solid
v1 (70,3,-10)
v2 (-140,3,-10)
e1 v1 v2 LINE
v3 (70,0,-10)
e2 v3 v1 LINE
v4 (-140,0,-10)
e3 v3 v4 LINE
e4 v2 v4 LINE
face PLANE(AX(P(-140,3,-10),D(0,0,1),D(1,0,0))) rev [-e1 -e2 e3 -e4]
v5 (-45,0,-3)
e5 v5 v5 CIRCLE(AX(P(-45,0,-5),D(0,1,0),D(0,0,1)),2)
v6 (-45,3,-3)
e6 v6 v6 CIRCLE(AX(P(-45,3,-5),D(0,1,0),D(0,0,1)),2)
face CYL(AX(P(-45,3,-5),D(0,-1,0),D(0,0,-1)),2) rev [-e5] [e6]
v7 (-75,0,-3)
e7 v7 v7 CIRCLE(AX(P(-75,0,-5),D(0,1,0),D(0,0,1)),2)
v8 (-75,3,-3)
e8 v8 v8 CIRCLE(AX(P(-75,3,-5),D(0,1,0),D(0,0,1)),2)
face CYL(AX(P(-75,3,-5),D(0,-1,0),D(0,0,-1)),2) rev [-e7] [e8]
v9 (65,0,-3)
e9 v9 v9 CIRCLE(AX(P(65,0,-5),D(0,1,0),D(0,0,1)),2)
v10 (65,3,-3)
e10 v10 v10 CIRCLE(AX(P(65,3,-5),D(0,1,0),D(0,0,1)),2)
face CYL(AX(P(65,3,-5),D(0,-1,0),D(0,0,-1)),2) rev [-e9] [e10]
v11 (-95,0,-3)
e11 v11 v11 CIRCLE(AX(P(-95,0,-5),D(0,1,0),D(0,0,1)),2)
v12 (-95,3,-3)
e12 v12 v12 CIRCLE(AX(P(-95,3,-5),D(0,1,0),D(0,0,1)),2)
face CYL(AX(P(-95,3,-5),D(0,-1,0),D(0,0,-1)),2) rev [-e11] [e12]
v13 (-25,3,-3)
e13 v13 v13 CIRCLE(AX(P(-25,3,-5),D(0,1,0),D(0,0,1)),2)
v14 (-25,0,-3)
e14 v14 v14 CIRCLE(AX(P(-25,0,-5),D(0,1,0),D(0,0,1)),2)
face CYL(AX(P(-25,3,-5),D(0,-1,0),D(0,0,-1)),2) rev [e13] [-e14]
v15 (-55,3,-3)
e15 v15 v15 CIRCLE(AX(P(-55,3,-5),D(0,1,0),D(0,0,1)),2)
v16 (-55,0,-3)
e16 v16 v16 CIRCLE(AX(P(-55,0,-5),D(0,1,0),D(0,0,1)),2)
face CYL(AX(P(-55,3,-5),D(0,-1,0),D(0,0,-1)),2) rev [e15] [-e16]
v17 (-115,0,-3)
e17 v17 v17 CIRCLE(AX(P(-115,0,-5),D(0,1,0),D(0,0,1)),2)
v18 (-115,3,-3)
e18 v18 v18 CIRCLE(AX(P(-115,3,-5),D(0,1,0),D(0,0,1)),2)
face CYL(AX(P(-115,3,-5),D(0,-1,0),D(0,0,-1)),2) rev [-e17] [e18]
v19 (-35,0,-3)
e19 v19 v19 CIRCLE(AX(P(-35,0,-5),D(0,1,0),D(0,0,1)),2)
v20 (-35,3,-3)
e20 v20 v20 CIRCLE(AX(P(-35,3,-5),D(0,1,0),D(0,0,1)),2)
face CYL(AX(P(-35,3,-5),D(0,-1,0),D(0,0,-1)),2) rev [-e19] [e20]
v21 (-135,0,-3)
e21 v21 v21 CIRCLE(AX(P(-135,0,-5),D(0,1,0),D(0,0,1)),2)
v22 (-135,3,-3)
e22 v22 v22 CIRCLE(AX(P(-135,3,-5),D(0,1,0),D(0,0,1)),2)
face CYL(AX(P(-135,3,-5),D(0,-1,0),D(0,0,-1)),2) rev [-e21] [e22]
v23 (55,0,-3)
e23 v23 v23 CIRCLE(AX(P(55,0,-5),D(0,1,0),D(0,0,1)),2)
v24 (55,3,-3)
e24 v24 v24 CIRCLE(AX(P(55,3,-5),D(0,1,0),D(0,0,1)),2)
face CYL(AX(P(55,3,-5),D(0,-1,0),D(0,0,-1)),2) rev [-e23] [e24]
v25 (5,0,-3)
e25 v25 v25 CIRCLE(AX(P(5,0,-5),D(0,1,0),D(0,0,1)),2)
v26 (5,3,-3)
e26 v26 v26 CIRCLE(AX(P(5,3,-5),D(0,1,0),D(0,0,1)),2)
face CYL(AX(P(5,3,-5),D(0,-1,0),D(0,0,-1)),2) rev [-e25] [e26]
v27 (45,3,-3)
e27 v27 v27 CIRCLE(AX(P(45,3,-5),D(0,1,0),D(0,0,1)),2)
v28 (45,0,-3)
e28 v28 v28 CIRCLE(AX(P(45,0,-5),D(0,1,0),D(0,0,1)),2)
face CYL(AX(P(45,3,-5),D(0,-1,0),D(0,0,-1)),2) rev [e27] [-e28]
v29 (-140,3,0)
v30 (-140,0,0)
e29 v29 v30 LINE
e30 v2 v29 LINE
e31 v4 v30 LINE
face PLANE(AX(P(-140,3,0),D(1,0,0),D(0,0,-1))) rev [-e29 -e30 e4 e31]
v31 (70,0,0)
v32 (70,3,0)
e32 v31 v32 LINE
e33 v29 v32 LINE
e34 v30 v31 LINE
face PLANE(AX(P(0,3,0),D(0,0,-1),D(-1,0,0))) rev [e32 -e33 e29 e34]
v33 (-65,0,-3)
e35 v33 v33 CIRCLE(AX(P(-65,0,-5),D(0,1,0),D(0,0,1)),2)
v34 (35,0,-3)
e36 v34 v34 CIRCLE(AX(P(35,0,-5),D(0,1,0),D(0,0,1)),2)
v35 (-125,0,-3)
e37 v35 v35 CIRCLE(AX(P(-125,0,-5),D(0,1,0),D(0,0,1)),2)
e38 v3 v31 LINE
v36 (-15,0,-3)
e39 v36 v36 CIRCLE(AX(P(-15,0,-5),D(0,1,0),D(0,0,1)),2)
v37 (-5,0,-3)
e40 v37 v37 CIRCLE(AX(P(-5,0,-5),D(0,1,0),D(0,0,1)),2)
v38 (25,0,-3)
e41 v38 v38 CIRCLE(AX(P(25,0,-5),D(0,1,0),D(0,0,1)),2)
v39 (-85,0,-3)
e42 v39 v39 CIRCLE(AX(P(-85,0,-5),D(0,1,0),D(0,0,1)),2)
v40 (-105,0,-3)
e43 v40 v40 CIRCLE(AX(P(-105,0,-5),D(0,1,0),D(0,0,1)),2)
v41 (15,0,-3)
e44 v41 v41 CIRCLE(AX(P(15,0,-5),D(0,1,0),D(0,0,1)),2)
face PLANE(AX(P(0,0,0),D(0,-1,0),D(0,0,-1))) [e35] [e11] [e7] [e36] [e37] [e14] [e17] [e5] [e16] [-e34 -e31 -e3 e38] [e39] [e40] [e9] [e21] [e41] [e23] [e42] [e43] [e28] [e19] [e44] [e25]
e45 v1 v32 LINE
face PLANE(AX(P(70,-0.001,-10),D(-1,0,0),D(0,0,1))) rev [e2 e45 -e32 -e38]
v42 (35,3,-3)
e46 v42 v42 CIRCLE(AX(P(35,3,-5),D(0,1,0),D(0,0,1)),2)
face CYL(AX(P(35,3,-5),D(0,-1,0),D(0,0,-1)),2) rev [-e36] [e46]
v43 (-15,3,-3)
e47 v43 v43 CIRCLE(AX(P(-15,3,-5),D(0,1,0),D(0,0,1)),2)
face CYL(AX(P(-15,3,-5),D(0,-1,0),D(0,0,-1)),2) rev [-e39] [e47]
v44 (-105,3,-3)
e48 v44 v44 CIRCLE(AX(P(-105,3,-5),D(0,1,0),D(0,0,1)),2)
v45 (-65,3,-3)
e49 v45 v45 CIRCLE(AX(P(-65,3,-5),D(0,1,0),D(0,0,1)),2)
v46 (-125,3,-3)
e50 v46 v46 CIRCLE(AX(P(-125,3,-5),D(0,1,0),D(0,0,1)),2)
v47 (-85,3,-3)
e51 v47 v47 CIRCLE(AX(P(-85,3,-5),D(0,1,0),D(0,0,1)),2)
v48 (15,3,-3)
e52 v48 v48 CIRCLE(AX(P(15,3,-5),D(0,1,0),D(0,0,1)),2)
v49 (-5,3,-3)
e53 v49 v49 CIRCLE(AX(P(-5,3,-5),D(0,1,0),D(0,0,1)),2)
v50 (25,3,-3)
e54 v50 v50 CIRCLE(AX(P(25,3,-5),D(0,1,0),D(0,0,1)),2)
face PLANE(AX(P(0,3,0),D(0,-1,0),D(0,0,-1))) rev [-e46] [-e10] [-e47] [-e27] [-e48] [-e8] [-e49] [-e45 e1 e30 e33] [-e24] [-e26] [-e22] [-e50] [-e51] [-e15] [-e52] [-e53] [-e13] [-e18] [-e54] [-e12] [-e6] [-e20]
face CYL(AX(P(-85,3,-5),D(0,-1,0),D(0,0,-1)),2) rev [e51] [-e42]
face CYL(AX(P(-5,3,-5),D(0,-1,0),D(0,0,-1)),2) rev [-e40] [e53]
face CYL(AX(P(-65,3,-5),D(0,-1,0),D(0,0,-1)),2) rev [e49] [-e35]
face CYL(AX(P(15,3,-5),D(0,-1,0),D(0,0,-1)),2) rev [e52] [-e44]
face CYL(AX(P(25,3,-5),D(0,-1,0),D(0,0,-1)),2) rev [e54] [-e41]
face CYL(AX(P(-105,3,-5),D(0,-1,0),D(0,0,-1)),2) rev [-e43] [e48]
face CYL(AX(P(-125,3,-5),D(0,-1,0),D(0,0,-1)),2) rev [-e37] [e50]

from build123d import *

# Parameters (mm, degrees)
ESQUISSE1_R             = 2
BOSS_EXTRU_1_DEPTH      = 3
ENL_V_MAT_EXTRU_1_REACH = 142.389
ESQUISSE2_W             = 70
ESQUISSE2_H             = 10


with BuildPart() as part:
    # Esquisse1 → Boss.-Extru.1 (new body)
    with BuildSketch(Plane(origin=(0, 0, 0), x_dir=(1, 0, 0), z_dir=(0, 1, 0))):
        Polygon((0, 0), (140, 0), (140, 10), (-140, 10), (-140, 0), align=None)
        with Locations(Location((-135, 5, 0), (0, 0, 270))):
            Circle(ESQUISSE1_R, mode=Mode.SUBTRACT)
        with Locations(Location((-125, 5, 0), (0, 0, 270))):
            Circle(ESQUISSE1_R, mode=Mode.SUBTRACT)
        with Locations(Location((-115, 5, 0), (0, 0, 270))):
            Circle(ESQUISSE1_R, mode=Mode.SUBTRACT)
        with Locations(Location((-105, 5, 0), (0, 0, 270))):
            Circle(ESQUISSE1_R, mode=Mode.SUBTRACT)
        with Locations(Location((-95, 5, 0), (0, 0, 270))):
            Circle(ESQUISSE1_R, mode=Mode.SUBTRACT)
        with Locations(Location((-85, 5, 0), (0, 0, 270))):
            Circle(ESQUISSE1_R, mode=Mode.SUBTRACT)
        with Locations(Location((-75, 5, 0), (0, 0, 270))):
            Circle(ESQUISSE1_R, mode=Mode.SUBTRACT)
        with Locations(Location((-65, 5, 0), (0, 0, 270))):
            Circle(ESQUISSE1_R, mode=Mode.SUBTRACT)
        with Locations(Location((-55, 5, 0), (0, 0, 270))):
            Circle(ESQUISSE1_R, mode=Mode.SUBTRACT)
        with Locations(Location((-45, 5, 0), (0, 0, 270))):
            Circle(ESQUISSE1_R, mode=Mode.SUBTRACT)
        with Locations(Location((-35, 5, 0), (0, 0, 270))):
            Circle(ESQUISSE1_R, mode=Mode.SUBTRACT)
        with Locations(Location((-25, 5, 0), (0, 0, 270))):
            Circle(ESQUISSE1_R, mode=Mode.SUBTRACT)
        with Locations(Location((-15, 5, 0), (0, 0, 270))):
            Circle(ESQUISSE1_R, mode=Mode.SUBTRACT)
        with Locations(Location((-5, 5, 0), (0, 0, 270))):
            Circle(ESQUISSE1_R, mode=Mode.SUBTRACT)
        with Locations(Location((5, 5, 0), (0, 0, 270))):
            Circle(ESQUISSE1_R, mode=Mode.SUBTRACT)
        with Locations(Location((15, 5, 0), (0, 0, 270))):
            Circle(ESQUISSE1_R, mode=Mode.SUBTRACT)
        with Locations(Location((25, 5, 0), (0, 0, 270))):
            Circle(ESQUISSE1_R, mode=Mode.SUBTRACT)
        with Locations(Location((35, 5, 0), (0, 0, 270))):
            Circle(ESQUISSE1_R, mode=Mode.SUBTRACT)
        with Locations(Location((45, 5, 0), (0, 0, 270))):
            Circle(ESQUISSE1_R, mode=Mode.SUBTRACT)
        with Locations(Location((55, 5, 0), (0, 0, 270))):
            Circle(ESQUISSE1_R, mode=Mode.SUBTRACT)
        with Locations(Location((65, 5, 0), (0, 0, 270))):
            Circle(ESQUISSE1_R, mode=Mode.SUBTRACT)
        with Locations(Location((75, 5, 0), (0, 0, 270))):
            Circle(ESQUISSE1_R, mode=Mode.SUBTRACT)
        with Locations(Location((85, 5, 0), (0, 0, 270))):
            Circle(ESQUISSE1_R, mode=Mode.SUBTRACT)
        with Locations(Location((95, 5, 0), (0, 0, 270))):
            Circle(ESQUISSE1_R, mode=Mode.SUBTRACT)
        with Locations(Location((105, 5, 0), (0, 0, 270))):
            Circle(ESQUISSE1_R, mode=Mode.SUBTRACT)
        with Locations(Location((115, 5, 0), (0, 0, 270))):
            Circle(ESQUISSE1_R, mode=Mode.SUBTRACT)
        with Locations(Location((125, 5, 0), (0, 0, 270))):
            Circle(ESQUISSE1_R, mode=Mode.SUBTRACT)
        with Locations(Location((135, 5, 0), (0, 0, 270))):
            Circle(ESQUISSE1_R, mode=Mode.SUBTRACT)
    extrude(amount=BOSS_EXTRU_1_DEPTH)

    # Esquisse2 → Enlèv. mat.-Extru.1 (cut, up to next)
    with BuildSketch(Plane(origin=(0, 3, 0), x_dir=(1, 0, 0), z_dir=(0, 1, 0)), mode=Mode.PRIVATE) as enl_v_mat_extru_1_sk1:
        with Locations((105, 5)):
            Rectangle(ESQUISSE2_W, ESQUISSE2_H)
    enl_v_mat_extru_1_tool1 = extrude(enl_v_mat_extru_1_sk1.sketch, amount=-ENL_V_MAT_EXTRU_1_REACH, mode=Mode.PRIVATE) & part.part
    add(enl_v_mat_extru_1_tool1.solids().sort_by_distance((105, 3, -5))[0], mode=Mode.SUBTRACT)


solid = part.part
